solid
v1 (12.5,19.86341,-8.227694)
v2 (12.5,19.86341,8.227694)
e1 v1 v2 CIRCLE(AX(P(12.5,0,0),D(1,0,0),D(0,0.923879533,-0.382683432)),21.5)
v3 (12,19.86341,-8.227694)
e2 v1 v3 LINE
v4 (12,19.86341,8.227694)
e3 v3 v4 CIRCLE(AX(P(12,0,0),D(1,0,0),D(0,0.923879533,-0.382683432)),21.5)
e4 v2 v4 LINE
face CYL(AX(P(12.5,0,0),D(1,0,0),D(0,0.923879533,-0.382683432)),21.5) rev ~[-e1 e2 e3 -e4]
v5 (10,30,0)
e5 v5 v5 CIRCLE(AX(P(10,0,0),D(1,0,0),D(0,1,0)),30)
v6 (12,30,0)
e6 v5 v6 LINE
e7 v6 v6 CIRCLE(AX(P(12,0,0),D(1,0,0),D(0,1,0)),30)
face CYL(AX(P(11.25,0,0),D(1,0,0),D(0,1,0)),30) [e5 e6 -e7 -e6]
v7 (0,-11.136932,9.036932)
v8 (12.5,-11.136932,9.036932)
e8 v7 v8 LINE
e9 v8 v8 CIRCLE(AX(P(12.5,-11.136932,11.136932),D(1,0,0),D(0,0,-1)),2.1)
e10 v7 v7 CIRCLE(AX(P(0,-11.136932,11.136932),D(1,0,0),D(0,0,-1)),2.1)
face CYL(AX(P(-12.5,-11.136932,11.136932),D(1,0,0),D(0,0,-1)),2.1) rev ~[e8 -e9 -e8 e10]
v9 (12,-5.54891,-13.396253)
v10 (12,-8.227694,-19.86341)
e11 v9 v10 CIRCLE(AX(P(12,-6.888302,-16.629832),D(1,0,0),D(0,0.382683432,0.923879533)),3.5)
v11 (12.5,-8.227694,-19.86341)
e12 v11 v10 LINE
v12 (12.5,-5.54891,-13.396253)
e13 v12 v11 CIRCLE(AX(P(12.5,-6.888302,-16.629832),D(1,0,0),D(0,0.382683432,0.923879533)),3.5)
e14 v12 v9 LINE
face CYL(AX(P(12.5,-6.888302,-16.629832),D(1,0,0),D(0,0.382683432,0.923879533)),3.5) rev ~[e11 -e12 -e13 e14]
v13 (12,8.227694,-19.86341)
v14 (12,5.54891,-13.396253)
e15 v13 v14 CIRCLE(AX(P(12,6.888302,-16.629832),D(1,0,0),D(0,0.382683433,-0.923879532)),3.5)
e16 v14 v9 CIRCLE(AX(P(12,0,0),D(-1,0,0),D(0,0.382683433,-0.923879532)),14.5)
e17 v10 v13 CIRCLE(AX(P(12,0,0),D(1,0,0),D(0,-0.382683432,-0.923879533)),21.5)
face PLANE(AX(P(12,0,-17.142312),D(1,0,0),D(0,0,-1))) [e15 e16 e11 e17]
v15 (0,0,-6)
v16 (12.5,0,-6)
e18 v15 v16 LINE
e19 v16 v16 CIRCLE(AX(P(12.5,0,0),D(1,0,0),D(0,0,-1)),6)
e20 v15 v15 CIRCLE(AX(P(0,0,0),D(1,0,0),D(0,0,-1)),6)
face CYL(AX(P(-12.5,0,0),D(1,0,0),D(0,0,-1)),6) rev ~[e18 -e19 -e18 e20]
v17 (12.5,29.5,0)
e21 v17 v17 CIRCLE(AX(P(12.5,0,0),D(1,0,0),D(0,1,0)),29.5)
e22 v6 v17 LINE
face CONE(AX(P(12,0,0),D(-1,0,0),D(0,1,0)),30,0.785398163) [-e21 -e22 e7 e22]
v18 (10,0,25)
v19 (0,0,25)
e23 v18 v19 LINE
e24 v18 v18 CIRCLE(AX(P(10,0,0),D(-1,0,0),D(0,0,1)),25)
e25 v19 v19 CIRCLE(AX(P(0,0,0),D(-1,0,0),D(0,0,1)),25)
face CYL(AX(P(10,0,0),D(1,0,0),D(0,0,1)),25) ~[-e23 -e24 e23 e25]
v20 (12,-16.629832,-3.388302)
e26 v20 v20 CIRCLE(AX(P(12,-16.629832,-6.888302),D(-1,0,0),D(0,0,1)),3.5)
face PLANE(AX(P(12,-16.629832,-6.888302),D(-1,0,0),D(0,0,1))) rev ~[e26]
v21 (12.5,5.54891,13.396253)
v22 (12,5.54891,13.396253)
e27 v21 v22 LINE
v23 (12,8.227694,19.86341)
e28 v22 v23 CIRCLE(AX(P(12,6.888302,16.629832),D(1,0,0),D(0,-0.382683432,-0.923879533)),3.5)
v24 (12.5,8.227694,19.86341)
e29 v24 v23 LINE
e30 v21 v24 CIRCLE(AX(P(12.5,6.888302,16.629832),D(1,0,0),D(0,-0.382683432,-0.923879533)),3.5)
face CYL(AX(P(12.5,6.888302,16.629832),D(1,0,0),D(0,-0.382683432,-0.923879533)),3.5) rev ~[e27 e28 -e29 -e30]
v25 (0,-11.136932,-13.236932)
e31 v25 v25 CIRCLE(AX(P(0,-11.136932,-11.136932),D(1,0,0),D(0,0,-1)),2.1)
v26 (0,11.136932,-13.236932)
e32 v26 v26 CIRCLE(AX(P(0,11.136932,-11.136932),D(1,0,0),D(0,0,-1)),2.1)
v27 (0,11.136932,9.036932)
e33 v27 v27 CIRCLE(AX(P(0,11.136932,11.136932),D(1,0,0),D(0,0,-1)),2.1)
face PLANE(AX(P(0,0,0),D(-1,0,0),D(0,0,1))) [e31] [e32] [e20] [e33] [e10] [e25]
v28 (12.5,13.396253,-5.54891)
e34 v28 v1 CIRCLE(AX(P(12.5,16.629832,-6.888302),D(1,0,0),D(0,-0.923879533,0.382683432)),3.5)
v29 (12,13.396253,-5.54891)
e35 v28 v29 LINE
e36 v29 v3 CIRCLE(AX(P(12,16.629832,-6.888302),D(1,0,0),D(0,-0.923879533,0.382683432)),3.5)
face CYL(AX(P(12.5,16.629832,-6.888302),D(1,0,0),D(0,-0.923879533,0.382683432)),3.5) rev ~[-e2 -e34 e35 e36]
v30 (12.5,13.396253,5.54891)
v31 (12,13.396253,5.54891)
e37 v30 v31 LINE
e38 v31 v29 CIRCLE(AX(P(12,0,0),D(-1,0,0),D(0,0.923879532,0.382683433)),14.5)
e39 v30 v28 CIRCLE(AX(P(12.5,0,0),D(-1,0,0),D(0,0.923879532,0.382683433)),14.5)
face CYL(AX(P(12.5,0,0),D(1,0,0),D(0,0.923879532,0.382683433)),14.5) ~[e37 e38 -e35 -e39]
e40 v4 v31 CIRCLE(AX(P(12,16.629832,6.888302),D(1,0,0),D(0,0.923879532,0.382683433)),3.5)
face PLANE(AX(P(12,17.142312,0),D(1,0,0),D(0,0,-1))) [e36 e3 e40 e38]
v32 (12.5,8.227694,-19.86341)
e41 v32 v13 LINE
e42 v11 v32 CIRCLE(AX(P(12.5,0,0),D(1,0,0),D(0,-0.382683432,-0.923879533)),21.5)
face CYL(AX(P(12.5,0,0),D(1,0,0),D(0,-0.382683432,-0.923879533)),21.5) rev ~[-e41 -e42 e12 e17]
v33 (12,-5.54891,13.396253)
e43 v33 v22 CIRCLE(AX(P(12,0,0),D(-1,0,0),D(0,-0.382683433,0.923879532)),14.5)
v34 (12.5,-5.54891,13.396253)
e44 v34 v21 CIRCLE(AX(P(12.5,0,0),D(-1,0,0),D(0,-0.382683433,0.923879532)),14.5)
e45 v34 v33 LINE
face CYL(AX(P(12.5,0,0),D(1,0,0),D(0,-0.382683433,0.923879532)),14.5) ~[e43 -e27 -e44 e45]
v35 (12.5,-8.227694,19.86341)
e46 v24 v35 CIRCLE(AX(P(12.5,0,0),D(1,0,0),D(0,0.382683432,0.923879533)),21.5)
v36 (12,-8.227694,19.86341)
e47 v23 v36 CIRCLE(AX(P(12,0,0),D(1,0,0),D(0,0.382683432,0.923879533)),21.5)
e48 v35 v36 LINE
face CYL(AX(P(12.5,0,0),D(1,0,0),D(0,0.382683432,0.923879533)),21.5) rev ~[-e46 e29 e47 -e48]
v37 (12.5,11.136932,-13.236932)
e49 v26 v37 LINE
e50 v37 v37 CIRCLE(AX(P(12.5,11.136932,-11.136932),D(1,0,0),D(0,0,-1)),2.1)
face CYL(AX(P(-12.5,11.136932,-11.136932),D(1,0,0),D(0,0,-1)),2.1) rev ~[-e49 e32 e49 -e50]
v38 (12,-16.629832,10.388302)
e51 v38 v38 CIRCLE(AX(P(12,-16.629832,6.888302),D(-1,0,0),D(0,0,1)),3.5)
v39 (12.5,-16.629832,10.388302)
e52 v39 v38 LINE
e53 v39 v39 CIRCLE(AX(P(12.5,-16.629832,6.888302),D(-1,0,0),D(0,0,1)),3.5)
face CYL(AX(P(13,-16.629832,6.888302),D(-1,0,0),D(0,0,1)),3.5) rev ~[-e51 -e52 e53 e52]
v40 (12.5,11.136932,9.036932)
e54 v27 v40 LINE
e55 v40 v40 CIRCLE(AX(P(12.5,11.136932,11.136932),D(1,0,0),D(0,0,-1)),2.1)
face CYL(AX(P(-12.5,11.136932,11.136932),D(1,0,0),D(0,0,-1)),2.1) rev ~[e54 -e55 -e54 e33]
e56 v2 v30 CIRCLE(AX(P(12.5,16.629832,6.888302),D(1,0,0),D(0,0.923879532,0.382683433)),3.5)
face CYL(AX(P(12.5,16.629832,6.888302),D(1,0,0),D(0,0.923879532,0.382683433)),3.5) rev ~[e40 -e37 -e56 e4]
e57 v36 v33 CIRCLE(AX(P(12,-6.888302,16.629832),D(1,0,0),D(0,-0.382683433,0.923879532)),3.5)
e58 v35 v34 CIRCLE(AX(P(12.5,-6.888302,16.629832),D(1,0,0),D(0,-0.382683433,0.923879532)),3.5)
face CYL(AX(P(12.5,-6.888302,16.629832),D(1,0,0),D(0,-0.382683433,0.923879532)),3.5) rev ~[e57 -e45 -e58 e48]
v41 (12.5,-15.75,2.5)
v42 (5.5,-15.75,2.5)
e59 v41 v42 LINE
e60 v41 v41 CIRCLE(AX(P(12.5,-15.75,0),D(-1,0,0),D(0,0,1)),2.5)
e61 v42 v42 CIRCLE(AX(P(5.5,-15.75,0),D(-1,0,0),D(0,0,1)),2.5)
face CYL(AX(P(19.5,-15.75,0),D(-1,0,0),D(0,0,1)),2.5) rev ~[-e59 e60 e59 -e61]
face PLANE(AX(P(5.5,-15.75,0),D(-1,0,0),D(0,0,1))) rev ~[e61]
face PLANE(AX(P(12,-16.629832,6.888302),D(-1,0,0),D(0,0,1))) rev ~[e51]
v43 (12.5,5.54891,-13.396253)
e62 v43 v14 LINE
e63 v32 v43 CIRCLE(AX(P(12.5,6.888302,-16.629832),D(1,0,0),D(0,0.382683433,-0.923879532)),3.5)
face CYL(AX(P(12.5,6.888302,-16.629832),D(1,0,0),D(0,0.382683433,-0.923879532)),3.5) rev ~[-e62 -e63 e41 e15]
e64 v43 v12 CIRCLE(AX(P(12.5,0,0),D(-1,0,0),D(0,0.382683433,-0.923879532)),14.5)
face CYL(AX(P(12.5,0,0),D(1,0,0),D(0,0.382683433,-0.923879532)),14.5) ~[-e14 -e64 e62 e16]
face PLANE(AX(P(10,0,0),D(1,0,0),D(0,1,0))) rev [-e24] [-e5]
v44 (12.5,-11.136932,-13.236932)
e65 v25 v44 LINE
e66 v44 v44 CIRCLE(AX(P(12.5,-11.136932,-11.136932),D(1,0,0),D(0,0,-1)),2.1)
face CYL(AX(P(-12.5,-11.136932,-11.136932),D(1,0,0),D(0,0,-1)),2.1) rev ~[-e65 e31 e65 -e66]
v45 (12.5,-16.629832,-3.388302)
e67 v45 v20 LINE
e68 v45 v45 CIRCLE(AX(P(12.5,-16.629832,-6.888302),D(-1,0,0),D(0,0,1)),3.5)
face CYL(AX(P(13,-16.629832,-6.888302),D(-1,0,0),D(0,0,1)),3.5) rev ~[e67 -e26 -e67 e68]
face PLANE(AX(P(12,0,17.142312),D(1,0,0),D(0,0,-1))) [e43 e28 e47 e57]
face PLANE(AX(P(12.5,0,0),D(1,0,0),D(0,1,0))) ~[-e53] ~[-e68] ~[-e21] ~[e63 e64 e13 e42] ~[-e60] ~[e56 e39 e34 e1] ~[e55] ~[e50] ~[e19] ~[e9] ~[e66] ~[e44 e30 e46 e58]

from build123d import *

# Parameters (mm, degrees)
SKETCH1_W                      = 2.5
SKETCH1_H                      = 30
SKETCH2_R                      = 25
BOSS_EXTRUDE1_DEPTH            = 10
CUT_EXTRUDE1_DEPTH             = 0.5
CUT_EXTRUDE2_DEPTH             = 0.5
CUT_EXTRUDE3_DEPTH             = 0.5
F_12_0_12_DIAMETER_HOLE1_D     = 12
F_12_0_12_DIAMETER_HOLE1_DEPTH = 12.5
F_7_0_7_DIAMETER_HOLE1_D       = 7
F_7_0_7_DIAMETER_HOLE1_DEPTH   = 0.5
F_4_2_4_2_DIAMETER_HOLE1_D     = 4.2
F_4_2_4_2_DIAMETER_HOLE1_DEPTH = 12.5
F_5_0_5_DIAMETER_HOLE1_D       = 5
F_5_0_5_DIAMETER_HOLE1_DEPTH   = 7
CHAMFER1_SIZE                  = 0.5


with BuildPart() as part:
    # Sketch1 → Revolve1 (revolve)
    with BuildSketch(Plane.XY):
        with Locations((11.25, 15)):
            Rectangle(SKETCH1_W, SKETCH1_H)
    revolve(axis=Axis((10, 0, 0), (1, 0, 0)))

    # Sketch2 → Boss-Extrude1 (add)
    with BuildSketch(Plane.ZY.offset(-10)):
        Circle(SKETCH2_R)
    extrude(amount=BOSS_EXTRUDE1_DEPTH)

    # Sketch3 → Cut-Extrude1 (cut)
    with BuildSketch(Plane(origin=(12.5, 0, 0), x_dir=(0, 0, -1), z_dir=(1, 0, 0))):
        with BuildLine():
            ThreePointArc((13.396253221, 5.548909769), (14.5, 0), (13.396253221, -5.548909769))
            ThreePointArc((13.396253221, -5.548909769), (15.290439572, -10.121880146), (19.863409949, -8.227693796))
            ThreePointArc((19.863409949, -8.227693796), (21.5, 0), (19.863409949, 8.227693796))
            ThreePointArc((19.863409949, 8.227693796), (15.290439572, 10.121880146), (13.396253221, 5.548909769))
        make_face()
    extrude(amount=-CUT_EXTRUDE1_DEPTH, mode=Mode.SUBTRACT)

    # Sketch4 → Cut-Extrude2 (cut)
    with BuildSketch(Plane(origin=(12.5, 0, 0), x_dir=(0, 0, -1), z_dir=(1, 0, 0))):
        with BuildLine():
            ThreePointArc((-5.548909769, 13.396253221), (0, 14.5), (5.548909769, 13.396253221))
            ThreePointArc((5.548909769, 13.396253221), (10.121880146, 15.290439572), (8.227693796, 19.863409949))
            ThreePointArc((8.227693796, 19.863409949), (0, 21.5), (-8.227693796, 19.863409949))
            ThreePointArc((-8.227693796, 19.863409949), (-10.121880146, 15.290439572), (-5.548909769, 13.396253221))
        make_face()
    extrude(amount=-CUT_EXTRUDE2_DEPTH, mode=Mode.SUBTRACT)

    # Sketch5 → Cut-Extrude3 (cut)
    with BuildSketch(Plane(origin=(12.5, 0, 0), x_dir=(0, 0, -1), z_dir=(1, 0, 0))):
        with BuildLine():
            ThreePointArc((-13.396253221, -5.548909769), (-14.5, 0), (-13.396253221, 5.548909769))
            ThreePointArc((-13.396253221, 5.548909769), (-15.290439572, 10.121880146), (-19.863409949, 8.227693796))
            ThreePointArc((-19.863409949, 8.227693796), (-21.5, 0), (-19.863409949, -8.227693796))
            ThreePointArc((-19.863409949, -8.227693796), (-15.290439572, -10.121880146), (-13.396253221, -5.548909769))
        make_face()
    extrude(amount=-CUT_EXTRUDE3_DEPTH, mode=Mode.SUBTRACT)

    # Ø12.0 (12) Diameter Hole1
    with Locations(Plane.ZY):
        with Locations((0, 0)):
            Hole(F_12_0_12_DIAMETER_HOLE1_D / 2, depth=F_12_0_12_DIAMETER_HOLE1_DEPTH)

    # Ø7.0 (7) Diameter Hole1
    with Locations(Plane(origin=(12.5, 0, 0), x_dir=(0, 0, -1), z_dir=(1, 0, 0))):
        with Locations((-6.888301783, -16.629831585), (6.888301783, -16.629831585)):
            Hole(F_7_0_7_DIAMETER_HOLE1_D / 2, depth=F_7_0_7_DIAMETER_HOLE1_DEPTH)

    # Ø4.2 (4.2) Diameter Hole1
    with Locations(Plane.ZY):
        with Locations((-11.136931804, -11.136931804), (-11.136931804, 11.136931804), (11.136931804, 11.136931804), (11.136931804, -11.136931804)):
            Hole(F_4_2_4_2_DIAMETER_HOLE1_D / 2, depth=F_4_2_4_2_DIAMETER_HOLE1_DEPTH)

    # Ø5.0 (5) Diameter Hole1
    with Locations(Plane(origin=(12.5, 0, 0), x_dir=(0, 0, -1), z_dir=(1, 0, 0))):
        with Locations((0, -15.75)):
            Hole(F_5_0_5_DIAMETER_HOLE1_D / 2, depth=F_5_0_5_DIAMETER_HOLE1_DEPTH)

    # Chamfer1
    chamfer1_edges = [part.edges().sort_by_distance(p)[0] for p in [
        (12.5, -30, 0),
    ]]
    chamfer(chamfer1_edges, length=CHAMFER1_SIZE)


solid = part.part
